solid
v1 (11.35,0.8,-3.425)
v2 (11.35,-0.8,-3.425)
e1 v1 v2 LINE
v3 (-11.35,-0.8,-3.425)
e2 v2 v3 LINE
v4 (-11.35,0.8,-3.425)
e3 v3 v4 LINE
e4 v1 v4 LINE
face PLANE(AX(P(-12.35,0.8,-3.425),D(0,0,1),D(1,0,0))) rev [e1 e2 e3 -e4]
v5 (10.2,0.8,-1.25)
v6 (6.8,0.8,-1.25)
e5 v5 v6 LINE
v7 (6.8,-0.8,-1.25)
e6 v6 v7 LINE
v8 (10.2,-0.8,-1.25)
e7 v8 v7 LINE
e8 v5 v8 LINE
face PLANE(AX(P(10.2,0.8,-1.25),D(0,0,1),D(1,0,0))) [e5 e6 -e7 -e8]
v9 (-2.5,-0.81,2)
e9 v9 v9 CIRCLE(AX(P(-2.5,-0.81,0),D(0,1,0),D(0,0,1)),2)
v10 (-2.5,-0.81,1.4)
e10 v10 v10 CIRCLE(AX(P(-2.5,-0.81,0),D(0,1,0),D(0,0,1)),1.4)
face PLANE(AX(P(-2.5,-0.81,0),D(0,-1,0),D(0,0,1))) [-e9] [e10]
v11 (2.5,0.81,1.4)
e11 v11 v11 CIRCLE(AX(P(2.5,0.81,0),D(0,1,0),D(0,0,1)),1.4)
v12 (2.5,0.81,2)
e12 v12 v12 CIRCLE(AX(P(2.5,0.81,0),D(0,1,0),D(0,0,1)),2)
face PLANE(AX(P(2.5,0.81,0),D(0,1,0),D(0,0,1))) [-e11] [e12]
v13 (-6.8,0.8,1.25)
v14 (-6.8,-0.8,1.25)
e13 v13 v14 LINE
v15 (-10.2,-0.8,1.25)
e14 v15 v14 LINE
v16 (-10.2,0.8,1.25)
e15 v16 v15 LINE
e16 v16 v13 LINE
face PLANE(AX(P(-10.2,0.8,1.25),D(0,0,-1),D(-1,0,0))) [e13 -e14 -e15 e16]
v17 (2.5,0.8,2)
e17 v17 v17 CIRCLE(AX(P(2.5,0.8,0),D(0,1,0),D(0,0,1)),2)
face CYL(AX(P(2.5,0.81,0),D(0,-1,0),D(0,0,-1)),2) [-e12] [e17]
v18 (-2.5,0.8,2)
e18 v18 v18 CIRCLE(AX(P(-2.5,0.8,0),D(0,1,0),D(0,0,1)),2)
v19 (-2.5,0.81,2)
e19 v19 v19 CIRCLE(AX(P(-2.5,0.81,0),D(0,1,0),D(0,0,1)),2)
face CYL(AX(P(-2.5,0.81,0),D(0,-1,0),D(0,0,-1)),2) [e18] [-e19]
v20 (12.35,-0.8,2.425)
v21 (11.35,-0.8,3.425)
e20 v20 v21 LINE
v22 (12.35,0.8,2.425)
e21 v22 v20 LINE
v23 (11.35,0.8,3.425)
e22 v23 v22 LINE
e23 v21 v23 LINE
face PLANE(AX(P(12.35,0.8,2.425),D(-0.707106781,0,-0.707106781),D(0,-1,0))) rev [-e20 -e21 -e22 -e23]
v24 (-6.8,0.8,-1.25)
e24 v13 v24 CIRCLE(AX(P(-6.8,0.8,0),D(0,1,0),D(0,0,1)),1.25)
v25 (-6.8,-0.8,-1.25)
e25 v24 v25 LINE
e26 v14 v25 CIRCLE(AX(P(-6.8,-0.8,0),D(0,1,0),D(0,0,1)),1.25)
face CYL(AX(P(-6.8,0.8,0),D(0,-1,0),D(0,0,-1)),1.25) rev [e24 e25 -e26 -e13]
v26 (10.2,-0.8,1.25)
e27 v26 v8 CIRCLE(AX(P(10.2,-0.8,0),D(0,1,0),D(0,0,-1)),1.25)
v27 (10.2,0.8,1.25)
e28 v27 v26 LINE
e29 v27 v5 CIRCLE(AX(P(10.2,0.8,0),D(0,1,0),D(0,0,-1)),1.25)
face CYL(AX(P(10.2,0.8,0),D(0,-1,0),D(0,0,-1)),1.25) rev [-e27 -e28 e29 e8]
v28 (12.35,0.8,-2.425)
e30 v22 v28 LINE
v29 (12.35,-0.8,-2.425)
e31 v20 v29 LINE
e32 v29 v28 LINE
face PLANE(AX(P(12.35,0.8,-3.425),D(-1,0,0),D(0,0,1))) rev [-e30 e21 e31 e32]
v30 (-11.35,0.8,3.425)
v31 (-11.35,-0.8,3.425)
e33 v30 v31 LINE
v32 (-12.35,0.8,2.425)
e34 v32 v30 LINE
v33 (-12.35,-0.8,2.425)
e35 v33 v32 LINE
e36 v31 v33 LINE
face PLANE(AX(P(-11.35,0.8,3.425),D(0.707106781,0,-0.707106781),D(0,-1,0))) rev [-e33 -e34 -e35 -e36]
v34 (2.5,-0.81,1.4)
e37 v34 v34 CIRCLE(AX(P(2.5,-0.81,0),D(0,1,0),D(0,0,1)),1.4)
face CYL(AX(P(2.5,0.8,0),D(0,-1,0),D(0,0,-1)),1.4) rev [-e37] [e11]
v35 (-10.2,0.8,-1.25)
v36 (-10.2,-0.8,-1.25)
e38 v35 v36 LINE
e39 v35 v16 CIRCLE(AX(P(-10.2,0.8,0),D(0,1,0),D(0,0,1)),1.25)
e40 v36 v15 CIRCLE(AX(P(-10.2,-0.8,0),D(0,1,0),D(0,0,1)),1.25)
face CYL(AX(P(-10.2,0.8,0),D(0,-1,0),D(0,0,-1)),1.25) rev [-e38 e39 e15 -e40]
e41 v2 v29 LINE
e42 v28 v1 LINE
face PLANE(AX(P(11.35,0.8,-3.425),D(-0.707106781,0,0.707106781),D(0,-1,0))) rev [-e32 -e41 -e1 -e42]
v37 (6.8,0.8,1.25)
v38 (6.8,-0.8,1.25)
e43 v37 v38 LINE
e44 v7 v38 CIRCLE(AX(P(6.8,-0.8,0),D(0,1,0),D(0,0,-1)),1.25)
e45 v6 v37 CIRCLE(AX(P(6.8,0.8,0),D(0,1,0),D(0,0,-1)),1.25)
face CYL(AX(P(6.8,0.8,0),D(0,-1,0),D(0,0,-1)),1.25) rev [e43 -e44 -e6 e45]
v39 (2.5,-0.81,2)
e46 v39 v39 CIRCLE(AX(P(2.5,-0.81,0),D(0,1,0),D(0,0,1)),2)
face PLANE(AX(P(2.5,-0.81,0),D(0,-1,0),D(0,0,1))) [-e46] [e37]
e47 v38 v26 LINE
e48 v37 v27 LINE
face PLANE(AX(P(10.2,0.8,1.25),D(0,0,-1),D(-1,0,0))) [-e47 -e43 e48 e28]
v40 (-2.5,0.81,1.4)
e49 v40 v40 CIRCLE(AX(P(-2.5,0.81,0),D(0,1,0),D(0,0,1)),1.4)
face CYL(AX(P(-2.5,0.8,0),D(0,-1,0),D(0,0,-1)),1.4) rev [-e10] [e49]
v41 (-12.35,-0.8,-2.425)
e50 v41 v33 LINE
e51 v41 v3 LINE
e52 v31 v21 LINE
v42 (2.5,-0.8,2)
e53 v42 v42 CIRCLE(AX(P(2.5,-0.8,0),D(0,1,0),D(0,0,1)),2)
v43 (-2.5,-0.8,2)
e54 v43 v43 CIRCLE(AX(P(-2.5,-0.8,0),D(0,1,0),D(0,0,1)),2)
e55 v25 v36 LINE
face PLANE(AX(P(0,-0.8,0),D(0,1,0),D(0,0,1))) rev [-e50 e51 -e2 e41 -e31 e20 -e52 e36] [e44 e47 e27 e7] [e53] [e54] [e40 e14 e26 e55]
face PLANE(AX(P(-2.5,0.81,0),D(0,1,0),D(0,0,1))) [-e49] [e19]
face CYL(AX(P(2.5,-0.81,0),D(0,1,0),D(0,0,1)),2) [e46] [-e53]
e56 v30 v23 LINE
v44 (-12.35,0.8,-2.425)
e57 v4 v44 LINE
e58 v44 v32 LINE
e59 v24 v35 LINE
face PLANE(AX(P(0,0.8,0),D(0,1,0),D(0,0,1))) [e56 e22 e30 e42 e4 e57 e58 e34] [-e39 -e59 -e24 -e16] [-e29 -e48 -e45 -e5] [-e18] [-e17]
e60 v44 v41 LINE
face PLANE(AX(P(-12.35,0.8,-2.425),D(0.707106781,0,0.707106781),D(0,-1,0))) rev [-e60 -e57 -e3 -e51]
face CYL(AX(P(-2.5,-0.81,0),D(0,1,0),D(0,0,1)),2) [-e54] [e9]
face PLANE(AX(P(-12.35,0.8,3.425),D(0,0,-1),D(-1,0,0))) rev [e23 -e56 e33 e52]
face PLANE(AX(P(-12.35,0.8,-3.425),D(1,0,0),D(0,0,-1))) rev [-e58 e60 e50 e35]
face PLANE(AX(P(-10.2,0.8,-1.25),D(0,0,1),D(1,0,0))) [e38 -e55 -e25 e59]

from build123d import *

# Parameters (mm, degrees)
SKETCH1_W           = 24.7
SKETCH1_H           = 6.85
SKETCH1_R           = 1.4
BOSS_EXTRUDE1_DEPTH = 0.8
CHAMFER1_SIZE       = 1
SKETCH2_R           = 2
SKETCH2_R_2         = 1.4
BOSS_EXTRUDE2_DEPTH = 0.01


with BuildPart() as part:
    # Sketch1 → Boss-Extrude1 (new body, symmetric)
    with BuildSketch(Plane(origin=(0, 0, 0), x_dir=(1, 0, 0), z_dir=(0, 1, 0))):
        Rectangle(SKETCH1_W, SKETCH1_H)
        with Locations((-2.5, 0)):
            Circle(SKETCH1_R, mode=Mode.SUBTRACT)
        with Locations((2.5, 0)):
            Circle(SKETCH1_R, mode=Mode.SUBTRACT)
        with BuildLine():
            Line((-10.2, 1.25), (-6.8, 1.25))
            ThreePointArc((-6.8, 1.25), (-5.55, 0), (-6.8, -1.25))
            Line((-6.8, -1.25), (-10.2, -1.25))
            ThreePointArc((-10.2, -1.25), (-11.45, 0), (-10.2, 1.25))
        make_face(mode=Mode.SUBTRACT)
        with BuildLine():
            Line((10.2, 1.25), (6.8, 1.25))
            ThreePointArc((6.8, 1.25), (5.55, 0), (6.8, -1.25))
            Line((6.8, -1.25), (10.2, -1.25))
            ThreePointArc((10.2, -1.25), (11.45, 0), (10.2, 1.25))
        make_face(mode=Mode.SUBTRACT)
    extrude(amount=BOSS_EXTRUDE1_DEPTH, both=True)

    # Chamfer1
    chamfer1_edges = [part.edges().sort_by_distance(p)[0] for p in [
        (12.35, 0, 3.425),
        (-12.35, 0, 3.425),
        (-12.35, 0, -3.425),
        (12.35, 0, -3.425),
    ]]
    chamfer(chamfer1_edges, length=CHAMFER1_SIZE)

    # Sketch2 → Boss-Extrude2 (add)
    with BuildSketch(Plane(origin=(0, 0.8, 0), x_dir=(1, 0, 0), z_dir=(0, 1, 0))):
        with Locations((-2.5, 0)):
            Circle(SKETCH2_R)
        with Locations((-2.5, 0)):
            Circle(SKETCH2_R_2, mode=Mode.SUBTRACT)
        with Locations((2.5, 0)):
            Circle(SKETCH2_R)
        with Locations((2.5, 0)):
            Circle(SKETCH2_R_2, mode=Mode.SUBTRACT)
    boss_extrude2 = extrude(amount=BOSS_EXTRUDE2_DEPTH)

    # Mirror1: Boss-Extrude2 across plane
    add(boss_extrude2.mirror(Plane.ZX))


solid = part.part
